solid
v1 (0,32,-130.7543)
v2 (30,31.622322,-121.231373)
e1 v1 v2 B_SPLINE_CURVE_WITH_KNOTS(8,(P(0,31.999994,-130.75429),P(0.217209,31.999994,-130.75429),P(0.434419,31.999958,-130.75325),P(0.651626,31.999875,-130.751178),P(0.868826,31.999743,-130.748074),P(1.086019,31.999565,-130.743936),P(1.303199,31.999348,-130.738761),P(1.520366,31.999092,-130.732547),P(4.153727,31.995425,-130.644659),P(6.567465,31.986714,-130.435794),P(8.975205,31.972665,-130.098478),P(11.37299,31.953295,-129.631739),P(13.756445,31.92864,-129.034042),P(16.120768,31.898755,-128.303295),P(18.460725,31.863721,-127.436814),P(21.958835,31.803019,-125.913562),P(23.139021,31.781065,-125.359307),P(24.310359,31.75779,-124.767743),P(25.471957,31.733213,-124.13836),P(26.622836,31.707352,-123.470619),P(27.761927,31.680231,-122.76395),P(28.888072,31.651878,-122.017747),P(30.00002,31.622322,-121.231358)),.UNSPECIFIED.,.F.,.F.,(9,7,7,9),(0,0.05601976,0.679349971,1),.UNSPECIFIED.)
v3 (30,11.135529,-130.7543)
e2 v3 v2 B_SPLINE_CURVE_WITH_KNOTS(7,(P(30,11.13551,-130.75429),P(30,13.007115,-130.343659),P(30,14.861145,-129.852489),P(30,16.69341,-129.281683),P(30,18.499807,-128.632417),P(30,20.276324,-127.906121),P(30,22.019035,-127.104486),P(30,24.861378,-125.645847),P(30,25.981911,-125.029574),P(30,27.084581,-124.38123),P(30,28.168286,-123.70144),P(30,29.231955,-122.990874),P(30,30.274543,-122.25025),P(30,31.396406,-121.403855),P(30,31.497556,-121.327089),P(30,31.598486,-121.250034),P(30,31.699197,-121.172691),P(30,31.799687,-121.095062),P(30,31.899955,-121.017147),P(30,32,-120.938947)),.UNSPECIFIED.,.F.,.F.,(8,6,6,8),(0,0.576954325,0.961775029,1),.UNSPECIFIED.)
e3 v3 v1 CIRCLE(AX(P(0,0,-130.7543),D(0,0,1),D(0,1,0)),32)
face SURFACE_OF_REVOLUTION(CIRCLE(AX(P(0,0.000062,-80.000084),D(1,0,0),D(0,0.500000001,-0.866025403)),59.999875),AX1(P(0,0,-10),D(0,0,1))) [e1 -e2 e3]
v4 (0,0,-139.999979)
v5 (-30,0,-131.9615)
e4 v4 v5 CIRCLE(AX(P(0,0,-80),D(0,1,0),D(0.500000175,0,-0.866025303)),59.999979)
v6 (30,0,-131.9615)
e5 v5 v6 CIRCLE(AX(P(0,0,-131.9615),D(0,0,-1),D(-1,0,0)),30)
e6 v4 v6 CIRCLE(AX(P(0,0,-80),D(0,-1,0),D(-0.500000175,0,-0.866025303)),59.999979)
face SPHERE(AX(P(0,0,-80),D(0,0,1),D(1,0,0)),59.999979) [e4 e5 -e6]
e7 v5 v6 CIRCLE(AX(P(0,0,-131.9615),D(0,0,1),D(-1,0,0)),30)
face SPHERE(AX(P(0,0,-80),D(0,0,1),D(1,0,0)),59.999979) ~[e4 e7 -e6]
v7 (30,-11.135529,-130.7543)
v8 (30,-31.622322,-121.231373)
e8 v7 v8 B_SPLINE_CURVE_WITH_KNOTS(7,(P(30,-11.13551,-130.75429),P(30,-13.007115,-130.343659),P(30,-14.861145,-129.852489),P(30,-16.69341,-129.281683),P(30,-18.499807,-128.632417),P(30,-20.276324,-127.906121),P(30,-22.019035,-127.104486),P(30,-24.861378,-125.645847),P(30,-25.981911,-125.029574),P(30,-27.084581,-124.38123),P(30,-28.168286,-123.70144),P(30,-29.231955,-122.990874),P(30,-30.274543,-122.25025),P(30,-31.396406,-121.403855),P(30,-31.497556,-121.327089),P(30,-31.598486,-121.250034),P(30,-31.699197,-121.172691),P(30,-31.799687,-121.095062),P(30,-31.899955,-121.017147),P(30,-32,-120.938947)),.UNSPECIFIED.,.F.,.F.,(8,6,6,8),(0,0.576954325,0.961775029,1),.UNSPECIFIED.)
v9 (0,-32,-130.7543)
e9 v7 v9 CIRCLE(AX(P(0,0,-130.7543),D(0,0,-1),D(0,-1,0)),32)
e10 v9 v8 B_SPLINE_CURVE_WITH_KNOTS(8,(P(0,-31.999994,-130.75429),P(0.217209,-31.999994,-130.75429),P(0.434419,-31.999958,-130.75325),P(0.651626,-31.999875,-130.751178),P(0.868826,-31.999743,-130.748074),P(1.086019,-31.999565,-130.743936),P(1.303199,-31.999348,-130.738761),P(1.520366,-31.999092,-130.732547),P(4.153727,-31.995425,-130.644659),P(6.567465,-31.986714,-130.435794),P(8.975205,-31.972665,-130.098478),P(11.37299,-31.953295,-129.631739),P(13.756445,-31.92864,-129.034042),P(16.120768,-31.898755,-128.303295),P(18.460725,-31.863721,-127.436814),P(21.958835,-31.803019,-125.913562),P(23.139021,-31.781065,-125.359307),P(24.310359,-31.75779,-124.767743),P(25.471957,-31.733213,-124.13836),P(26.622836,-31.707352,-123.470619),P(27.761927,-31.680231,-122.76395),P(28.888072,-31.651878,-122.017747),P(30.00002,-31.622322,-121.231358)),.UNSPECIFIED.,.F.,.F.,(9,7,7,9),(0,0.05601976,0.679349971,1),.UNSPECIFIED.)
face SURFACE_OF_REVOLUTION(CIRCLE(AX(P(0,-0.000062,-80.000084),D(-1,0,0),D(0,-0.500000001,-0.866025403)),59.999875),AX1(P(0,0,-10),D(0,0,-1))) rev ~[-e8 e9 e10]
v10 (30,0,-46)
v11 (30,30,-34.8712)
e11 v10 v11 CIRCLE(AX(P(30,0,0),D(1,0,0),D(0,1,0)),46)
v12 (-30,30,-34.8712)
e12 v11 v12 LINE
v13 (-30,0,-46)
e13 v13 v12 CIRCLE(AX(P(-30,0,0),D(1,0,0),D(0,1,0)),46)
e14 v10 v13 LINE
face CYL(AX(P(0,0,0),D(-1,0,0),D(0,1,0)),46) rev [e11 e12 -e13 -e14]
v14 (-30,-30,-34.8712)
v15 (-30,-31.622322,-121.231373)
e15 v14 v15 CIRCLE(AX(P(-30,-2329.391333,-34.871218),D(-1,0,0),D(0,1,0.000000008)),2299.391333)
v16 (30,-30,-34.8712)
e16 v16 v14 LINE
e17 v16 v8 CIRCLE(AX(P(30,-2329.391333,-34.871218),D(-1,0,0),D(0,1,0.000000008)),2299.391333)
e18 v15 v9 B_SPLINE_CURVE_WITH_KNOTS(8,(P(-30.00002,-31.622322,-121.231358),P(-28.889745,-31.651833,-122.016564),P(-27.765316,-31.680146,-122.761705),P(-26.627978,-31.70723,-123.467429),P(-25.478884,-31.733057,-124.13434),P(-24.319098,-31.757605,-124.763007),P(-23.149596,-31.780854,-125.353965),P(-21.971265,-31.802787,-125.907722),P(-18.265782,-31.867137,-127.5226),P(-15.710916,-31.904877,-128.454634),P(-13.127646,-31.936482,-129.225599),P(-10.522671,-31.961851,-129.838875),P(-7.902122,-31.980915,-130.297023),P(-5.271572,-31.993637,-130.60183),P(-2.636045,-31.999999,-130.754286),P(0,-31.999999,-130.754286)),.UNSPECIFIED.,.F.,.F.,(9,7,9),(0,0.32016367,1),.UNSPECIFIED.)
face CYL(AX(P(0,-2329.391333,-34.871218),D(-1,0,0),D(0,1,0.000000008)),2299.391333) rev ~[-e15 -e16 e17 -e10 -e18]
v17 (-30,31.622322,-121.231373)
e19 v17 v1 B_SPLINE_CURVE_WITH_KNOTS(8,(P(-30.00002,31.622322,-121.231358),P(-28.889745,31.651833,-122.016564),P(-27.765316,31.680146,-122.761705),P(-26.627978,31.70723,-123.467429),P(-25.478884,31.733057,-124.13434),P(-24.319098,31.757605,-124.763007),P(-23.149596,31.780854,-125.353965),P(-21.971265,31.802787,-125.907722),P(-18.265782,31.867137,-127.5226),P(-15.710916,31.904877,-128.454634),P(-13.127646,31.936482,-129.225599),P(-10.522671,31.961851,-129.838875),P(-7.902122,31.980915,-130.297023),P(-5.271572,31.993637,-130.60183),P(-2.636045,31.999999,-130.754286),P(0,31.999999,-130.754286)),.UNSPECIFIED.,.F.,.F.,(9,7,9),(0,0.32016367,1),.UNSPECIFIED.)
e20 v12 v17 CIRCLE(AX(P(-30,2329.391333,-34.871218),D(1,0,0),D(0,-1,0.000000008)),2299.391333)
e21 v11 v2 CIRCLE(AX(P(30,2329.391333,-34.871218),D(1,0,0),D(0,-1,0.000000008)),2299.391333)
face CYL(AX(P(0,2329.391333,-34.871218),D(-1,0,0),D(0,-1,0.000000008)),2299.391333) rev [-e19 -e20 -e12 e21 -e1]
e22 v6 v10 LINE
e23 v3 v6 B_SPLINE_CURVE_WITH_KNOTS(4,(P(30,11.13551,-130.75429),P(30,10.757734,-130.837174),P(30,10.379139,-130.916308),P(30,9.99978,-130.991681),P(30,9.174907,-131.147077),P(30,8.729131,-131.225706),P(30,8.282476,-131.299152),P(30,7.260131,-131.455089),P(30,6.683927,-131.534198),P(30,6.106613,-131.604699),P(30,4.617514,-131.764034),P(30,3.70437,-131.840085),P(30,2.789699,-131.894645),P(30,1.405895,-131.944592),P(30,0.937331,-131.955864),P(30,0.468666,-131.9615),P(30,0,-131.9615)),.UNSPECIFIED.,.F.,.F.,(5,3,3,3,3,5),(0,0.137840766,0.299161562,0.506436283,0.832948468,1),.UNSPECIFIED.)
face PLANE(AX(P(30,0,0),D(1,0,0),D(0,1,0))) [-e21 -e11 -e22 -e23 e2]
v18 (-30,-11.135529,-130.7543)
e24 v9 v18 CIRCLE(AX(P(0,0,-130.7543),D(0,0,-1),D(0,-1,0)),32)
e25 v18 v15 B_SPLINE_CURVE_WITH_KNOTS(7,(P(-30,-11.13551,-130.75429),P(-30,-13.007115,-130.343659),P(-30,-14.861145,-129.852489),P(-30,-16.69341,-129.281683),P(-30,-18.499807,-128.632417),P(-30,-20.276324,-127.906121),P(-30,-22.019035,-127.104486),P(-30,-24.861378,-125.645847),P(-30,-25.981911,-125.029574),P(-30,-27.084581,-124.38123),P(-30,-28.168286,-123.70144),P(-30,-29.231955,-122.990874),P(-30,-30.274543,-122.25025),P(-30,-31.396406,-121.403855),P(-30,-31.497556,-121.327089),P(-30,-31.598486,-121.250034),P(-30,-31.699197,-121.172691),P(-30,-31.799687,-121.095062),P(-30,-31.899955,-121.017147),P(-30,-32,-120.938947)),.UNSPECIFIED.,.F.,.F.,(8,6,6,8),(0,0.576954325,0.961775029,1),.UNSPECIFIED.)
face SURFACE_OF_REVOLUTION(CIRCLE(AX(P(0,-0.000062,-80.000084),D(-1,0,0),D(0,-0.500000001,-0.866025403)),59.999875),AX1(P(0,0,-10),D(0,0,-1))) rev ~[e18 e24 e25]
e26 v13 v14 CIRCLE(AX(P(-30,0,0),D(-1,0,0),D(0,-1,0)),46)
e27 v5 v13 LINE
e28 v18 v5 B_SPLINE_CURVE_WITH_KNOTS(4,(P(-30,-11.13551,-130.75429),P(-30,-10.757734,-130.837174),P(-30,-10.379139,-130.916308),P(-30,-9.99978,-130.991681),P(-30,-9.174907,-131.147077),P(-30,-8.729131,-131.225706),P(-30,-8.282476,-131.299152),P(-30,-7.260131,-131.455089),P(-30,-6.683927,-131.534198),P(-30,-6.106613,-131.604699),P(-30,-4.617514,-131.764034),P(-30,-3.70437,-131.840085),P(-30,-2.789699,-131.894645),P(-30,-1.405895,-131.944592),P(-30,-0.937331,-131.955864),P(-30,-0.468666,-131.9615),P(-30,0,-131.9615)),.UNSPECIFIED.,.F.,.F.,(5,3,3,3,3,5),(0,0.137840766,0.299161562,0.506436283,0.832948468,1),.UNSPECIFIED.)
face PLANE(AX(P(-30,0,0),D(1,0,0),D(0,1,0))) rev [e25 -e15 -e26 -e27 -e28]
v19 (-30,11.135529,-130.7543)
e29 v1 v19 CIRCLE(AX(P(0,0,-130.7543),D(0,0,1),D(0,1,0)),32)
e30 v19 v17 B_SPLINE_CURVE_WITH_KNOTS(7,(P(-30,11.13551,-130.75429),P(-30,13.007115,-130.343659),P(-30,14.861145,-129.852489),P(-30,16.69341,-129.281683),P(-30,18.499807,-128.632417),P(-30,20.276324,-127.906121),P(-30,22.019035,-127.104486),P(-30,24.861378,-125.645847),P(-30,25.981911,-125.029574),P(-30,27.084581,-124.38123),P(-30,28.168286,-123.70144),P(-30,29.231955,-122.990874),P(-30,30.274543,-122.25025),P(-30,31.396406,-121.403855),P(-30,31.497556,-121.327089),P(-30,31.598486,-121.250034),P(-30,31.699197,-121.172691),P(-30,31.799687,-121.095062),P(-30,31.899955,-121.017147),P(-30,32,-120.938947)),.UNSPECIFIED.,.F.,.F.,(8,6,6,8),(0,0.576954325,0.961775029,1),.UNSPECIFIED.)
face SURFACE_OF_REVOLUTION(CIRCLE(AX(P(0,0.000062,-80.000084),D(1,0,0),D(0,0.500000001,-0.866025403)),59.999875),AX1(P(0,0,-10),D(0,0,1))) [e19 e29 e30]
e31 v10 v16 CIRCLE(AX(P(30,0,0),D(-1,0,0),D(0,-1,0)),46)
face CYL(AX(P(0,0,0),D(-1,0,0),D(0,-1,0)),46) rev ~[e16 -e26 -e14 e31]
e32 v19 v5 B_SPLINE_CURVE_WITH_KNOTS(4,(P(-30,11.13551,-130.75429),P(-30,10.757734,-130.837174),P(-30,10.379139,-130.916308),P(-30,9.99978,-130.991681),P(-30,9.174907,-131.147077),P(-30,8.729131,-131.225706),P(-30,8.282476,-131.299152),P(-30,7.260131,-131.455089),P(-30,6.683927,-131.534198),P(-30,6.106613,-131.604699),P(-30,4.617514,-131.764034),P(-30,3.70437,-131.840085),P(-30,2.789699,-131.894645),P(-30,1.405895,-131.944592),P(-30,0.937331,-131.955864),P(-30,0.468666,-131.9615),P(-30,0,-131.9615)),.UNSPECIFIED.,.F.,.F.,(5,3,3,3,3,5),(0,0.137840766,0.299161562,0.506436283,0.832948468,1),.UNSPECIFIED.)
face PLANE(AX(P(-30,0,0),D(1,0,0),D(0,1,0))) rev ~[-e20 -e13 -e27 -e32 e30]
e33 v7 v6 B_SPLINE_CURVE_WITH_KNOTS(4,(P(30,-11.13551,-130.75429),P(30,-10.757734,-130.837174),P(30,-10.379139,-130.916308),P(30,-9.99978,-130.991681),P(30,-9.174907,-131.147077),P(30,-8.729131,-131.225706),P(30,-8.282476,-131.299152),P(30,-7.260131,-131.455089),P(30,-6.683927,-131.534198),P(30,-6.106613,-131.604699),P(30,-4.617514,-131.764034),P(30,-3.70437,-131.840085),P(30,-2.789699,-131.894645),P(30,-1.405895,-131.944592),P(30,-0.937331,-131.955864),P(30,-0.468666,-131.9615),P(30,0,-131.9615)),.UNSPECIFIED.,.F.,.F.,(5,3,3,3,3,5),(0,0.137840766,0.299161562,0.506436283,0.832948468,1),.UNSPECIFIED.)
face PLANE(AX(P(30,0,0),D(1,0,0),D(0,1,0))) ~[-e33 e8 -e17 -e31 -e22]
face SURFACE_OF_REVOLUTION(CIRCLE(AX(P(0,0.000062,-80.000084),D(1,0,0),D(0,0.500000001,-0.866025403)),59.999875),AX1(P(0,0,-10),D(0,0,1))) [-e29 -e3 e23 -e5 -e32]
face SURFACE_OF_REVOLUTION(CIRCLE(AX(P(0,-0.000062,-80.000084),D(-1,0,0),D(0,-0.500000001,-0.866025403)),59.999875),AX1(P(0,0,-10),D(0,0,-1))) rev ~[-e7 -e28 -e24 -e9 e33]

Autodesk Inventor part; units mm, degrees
ref_plane "Work Plane2" through (0, -32.5, -80) normal (0, 0, -1) x (0, 1, 0)
ref_plane "Work Plane1" through (0, 0, 27.5) normal (0, 0, 1) x (1, 0, 0)
ref_plane "Work Plane3" through (0, 0, -200) normal (0, 0, -1) x (-1, 0, 0)
sketch "Sketch11" plane through (0, 0, 0) normal (1, 0, 0) x (0, 1, 0)
  line L0 (-521.0786, 0) -> (2804.4717, 0) construction
  line L1 (0, -249.2) -> (0, 95.2) projected
  circle A0 centre (0, 0) radius 32.5
  circle A1 centre (0, 0) radius 46
  line L2 (-30, -34.8712) -> (-30, -131.9615)
  line L3 (-30, -131.9615) -> (30, -131.9615)
  line L4 (30, -131.9615) -> (30, -34.8712)
  arc A2 (-30, -131.9615) -> (30, -131.9615) centre (0, -80) ccw
  arc A3 (30, -131.9615) -> (50, -113.1662) centre (0, -80) ccw
  line L5 (0, -160) -> (50, -160)
  line L6 (50, -160) -> (50, -113.1662)
  arc A4 (30, -34.8712) -> (32, -130.7543) centre (2329.3931, -34.8712) ccw
  point P0 (-30, -131.9615)
  point P1 (0, -140)
  point P2 (0, -131.9615)
  point P3 (0, -185.7103)
  point P4 (0, -140)
  point P5 (0, -46)
  dimension "d77" = 65
  dimension "d78" = 92
  dimension "d79" = 60
  dimension "d85" = 20
  dimension "d86" = 20
  dimension "d87" = 60
  dimension "d89" = 32
  dimension "d90" = 140
extrude "Extrusion11" add sketch "Sketch11" along normal mid plane 60 contours L1 A1 L4 L3 | L4 A4 A3
revolve "Revolution1" add sketch "Sketch11" angle 180 mid plane about axis through (0, 0, -10) along (0, 0, 1) picked at (16.8404, -133.4348) contours L1 L3 A2
revolve "Revolution2" cut sketch "Sketch11" angle 360 about axis through (0, 0, -10) along (0, 0, 1) contours L1 A2 A3 L6 L5
mirror "Mirror1" about plane through (0, 0, 0) normal (0, 1, 0)
sketch "Sketch6" plane through (0, 0, 0) normal (1, 0, 0) x (0, 1, 0)
  circle A0 centre (0, 0) radius 32.5
  line L0 (-32.5, 0) -> (-32.5, -80)
  line L1 (-32.5, -80) -> (32.5, -80)
  line L2 (32.5, -80) -> (32.5, 0)
  line L3 (0, 0) -> (0, -80) construction
  line L4 (-32.5, -60) -> (32.5, -60)
  circle A1 centre (0, 0) radius 48.5
  point P0 (32.5, -36)
  point P1 (23.3184, -32.5)
  point P2 (0, -40)
  point P3 (-32.5, -36)
  dimension "d38" = 65
  dimension "d39" = 80
  dimension "d74" = 97
  dimension "d75" = 20
  dimension "d48" = 10
  dimension "d73" = 55
  dimension "d52" = 120
sketch "Sketch5" plane through (0, 0, -171) normal (0, 0, -1) x (-1, 0, 0)
  circle A0 centre (0, 0) radius 10
  point P0 (0, 0)
  dimension "d35" = 20
properties part number "shank_2"
